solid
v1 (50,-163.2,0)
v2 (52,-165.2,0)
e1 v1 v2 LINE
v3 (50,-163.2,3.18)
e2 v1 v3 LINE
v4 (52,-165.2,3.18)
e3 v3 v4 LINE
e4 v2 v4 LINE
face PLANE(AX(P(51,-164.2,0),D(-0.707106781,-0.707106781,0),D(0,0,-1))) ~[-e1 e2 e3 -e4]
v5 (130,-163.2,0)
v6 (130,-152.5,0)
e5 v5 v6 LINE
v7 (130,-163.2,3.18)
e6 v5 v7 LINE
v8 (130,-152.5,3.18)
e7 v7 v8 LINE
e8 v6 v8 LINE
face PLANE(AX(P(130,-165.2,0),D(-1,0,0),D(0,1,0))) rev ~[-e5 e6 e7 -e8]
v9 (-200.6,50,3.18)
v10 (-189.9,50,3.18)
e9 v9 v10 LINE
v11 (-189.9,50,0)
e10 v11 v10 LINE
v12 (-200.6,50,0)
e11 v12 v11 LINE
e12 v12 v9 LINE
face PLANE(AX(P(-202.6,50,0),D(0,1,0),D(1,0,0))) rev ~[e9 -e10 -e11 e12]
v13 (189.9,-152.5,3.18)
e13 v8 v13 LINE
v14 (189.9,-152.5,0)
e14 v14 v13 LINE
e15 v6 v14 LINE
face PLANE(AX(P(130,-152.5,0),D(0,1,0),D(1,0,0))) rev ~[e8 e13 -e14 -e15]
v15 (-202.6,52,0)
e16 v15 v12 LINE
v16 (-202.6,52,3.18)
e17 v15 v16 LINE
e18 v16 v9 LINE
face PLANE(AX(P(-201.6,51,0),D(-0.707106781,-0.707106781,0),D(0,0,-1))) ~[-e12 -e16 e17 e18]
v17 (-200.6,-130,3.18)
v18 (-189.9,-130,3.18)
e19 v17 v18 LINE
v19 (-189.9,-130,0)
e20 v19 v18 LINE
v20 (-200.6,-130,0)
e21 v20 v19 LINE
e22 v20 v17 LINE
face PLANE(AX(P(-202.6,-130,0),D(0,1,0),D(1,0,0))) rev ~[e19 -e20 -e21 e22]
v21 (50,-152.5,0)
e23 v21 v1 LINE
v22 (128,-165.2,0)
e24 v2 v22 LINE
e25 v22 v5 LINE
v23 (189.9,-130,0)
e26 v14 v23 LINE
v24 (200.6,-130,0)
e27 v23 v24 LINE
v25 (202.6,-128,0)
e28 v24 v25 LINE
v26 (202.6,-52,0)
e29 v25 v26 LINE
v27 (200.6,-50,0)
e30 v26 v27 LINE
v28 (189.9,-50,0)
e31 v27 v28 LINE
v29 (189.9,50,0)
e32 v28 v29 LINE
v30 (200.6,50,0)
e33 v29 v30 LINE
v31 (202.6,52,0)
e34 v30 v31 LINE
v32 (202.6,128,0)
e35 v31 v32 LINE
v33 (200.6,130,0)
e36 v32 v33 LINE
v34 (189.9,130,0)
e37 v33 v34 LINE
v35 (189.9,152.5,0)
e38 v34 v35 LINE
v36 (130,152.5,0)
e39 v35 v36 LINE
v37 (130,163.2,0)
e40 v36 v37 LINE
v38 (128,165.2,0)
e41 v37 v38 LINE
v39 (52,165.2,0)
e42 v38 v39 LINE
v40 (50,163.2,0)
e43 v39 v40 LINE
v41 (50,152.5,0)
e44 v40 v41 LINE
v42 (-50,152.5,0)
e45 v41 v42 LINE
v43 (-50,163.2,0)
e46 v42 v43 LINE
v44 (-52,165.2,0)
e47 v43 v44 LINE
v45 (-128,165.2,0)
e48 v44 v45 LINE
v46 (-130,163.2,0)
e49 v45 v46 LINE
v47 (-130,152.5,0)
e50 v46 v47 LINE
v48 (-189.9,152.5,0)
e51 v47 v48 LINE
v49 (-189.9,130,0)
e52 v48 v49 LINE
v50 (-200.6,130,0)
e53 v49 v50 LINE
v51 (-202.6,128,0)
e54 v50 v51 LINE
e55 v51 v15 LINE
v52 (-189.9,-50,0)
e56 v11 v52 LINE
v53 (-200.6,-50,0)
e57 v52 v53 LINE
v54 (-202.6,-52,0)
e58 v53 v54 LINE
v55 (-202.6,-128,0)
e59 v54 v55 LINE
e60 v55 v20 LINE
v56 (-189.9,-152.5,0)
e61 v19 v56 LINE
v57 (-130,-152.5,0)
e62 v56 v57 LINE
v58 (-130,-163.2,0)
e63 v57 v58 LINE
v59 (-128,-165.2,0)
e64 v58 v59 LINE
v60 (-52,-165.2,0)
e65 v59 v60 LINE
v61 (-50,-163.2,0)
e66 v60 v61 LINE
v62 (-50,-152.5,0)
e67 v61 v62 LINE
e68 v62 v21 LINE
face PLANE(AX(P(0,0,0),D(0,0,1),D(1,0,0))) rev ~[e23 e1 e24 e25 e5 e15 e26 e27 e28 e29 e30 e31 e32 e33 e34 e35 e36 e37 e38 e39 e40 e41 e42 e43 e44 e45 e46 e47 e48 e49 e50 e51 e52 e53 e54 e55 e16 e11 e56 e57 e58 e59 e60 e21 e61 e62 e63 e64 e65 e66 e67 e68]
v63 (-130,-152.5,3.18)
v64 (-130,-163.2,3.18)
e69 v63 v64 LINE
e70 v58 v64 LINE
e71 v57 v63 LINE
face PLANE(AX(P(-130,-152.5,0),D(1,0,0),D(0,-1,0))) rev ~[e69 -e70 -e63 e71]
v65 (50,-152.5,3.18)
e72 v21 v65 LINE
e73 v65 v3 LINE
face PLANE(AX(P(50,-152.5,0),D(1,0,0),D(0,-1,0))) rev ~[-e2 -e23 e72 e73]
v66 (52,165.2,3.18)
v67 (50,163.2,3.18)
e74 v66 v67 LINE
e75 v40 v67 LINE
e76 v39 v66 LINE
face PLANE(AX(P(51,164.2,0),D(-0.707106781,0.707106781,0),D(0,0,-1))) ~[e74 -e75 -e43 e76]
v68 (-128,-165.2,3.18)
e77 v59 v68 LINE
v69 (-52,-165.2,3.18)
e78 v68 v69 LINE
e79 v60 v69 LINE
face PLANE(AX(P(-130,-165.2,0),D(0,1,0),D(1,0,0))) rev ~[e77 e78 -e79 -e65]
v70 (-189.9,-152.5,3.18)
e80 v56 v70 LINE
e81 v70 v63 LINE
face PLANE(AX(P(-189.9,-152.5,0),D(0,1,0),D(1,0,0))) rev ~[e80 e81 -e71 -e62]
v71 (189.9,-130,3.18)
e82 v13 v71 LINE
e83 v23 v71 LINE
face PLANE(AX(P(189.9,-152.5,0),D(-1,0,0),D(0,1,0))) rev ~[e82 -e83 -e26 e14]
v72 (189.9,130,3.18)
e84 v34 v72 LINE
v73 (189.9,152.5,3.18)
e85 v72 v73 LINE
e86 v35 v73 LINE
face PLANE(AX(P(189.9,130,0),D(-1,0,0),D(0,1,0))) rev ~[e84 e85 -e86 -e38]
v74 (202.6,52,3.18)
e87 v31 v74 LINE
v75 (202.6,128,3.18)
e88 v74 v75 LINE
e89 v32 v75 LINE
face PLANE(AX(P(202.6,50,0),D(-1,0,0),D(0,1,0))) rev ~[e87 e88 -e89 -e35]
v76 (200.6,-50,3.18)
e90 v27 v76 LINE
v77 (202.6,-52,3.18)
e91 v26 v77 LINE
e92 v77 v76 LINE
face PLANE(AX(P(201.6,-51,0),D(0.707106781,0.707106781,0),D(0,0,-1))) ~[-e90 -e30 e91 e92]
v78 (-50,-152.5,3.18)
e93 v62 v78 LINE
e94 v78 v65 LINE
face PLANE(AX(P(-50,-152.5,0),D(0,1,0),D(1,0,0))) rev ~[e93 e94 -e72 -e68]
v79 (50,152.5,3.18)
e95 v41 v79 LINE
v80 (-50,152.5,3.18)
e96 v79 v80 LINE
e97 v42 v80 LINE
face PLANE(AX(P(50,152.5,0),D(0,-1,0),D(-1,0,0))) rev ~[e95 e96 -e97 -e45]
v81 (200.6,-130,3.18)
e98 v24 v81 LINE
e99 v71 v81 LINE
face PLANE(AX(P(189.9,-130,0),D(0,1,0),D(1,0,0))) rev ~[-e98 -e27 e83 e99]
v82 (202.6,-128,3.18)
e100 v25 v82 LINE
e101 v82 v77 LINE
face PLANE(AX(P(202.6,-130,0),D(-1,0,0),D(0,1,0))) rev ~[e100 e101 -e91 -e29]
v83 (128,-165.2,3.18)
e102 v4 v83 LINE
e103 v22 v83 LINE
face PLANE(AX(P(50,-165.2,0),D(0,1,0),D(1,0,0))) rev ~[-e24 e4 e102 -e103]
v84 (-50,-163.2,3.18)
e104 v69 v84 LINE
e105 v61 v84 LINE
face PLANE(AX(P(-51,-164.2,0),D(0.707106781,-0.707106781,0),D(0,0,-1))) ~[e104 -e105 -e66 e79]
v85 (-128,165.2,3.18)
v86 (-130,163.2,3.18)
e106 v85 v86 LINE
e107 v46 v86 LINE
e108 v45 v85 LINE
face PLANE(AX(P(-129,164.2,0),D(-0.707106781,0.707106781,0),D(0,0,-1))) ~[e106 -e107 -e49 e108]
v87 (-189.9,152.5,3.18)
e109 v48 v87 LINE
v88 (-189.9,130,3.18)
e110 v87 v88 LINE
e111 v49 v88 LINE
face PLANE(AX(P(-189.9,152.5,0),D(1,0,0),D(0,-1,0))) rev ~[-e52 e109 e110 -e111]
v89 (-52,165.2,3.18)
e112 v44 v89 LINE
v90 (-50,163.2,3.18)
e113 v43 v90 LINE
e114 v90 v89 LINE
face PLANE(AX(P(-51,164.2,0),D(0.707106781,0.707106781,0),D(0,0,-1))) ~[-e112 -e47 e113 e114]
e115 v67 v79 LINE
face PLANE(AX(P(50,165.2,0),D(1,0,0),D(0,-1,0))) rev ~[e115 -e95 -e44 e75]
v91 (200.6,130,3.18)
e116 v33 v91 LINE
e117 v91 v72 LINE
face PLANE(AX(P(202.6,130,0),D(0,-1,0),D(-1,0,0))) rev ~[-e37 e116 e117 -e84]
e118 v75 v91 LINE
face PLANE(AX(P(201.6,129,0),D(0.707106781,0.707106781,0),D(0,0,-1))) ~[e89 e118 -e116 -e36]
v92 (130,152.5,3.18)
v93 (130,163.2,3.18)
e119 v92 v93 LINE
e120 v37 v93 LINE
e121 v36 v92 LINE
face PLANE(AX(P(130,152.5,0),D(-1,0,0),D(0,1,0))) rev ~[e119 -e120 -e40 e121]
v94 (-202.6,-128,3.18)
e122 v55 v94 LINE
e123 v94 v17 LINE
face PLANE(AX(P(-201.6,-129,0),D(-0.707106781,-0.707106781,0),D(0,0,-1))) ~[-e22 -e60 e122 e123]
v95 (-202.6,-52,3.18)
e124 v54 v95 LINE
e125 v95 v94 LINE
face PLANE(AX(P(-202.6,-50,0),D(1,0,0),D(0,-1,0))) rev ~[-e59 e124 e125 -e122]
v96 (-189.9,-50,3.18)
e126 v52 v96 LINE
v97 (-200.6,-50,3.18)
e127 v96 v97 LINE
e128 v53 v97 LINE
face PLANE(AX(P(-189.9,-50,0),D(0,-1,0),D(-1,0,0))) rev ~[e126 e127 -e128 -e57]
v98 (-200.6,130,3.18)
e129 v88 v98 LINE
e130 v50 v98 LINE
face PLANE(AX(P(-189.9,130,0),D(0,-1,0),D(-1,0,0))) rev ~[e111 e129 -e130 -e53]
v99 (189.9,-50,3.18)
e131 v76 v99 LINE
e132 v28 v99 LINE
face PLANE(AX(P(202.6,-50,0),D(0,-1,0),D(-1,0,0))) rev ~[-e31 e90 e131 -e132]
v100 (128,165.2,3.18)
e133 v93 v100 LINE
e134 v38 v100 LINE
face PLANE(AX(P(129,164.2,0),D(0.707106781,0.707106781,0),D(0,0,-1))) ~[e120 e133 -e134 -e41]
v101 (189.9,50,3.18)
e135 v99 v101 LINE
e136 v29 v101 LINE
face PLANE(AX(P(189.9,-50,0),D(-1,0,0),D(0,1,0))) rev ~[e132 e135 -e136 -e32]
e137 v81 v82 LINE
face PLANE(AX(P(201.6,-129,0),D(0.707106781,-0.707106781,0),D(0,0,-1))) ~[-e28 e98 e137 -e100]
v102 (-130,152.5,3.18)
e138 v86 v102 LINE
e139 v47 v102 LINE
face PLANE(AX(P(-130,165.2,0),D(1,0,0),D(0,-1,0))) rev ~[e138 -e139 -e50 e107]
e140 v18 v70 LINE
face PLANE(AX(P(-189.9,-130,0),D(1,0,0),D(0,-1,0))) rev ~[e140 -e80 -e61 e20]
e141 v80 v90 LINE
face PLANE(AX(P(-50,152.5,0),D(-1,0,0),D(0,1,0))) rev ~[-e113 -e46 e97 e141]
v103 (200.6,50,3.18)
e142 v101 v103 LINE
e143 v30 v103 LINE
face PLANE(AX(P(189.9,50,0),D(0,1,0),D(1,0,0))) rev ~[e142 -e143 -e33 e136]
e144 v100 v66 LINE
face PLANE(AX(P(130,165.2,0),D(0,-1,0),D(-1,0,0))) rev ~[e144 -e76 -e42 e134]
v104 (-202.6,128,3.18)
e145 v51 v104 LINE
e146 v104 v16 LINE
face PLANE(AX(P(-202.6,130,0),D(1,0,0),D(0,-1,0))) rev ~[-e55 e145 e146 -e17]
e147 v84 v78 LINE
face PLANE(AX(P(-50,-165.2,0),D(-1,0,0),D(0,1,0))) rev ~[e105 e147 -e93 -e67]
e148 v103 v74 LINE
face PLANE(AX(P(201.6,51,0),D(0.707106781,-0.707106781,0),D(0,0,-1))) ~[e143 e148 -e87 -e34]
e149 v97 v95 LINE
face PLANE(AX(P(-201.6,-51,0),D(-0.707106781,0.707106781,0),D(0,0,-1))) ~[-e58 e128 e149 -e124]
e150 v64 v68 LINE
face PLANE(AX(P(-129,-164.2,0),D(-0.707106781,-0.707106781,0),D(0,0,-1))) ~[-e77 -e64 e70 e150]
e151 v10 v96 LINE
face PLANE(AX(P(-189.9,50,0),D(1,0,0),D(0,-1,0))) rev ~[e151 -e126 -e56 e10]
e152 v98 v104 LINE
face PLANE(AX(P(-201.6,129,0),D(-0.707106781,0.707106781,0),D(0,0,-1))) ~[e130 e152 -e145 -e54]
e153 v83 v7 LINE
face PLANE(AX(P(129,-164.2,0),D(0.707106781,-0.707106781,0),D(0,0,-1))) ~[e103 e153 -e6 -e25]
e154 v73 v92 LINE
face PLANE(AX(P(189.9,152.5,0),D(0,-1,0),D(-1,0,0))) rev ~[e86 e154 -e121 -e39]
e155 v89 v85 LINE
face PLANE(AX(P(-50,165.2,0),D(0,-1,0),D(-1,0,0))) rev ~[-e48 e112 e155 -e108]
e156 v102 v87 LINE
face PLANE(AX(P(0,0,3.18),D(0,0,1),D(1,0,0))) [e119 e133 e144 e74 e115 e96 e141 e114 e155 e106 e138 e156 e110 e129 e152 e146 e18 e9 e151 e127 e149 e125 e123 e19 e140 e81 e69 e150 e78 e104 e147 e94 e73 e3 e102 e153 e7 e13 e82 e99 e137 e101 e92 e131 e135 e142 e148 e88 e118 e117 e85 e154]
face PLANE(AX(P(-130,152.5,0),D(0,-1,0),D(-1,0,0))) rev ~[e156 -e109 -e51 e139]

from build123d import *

# Parameters (mm, degrees)
F2_DEPTH = 3.18
F3_SIZE  = 2


with BuildPart() as f2:
    # F1 (on Top) → F2 (new body)
    with BuildSketch(Plane.XY):
        Polygon((-189.9, -130), (-189.9, -152.5), (-130, -152.5), (-130, -165.2), (-50, -165.2), (-50, -152.5), (50, -152.5), (50, -165.2), (130, -165.2), (130, -152.5), (189.9, -152.5), (189.9, -130), (202.6, -130), (202.6, -50), (189.9, -50), (189.9, 50), (202.6, 50), (202.6, 130), (189.9, 130), (189.9, 152.5), (130, 152.5), (130, 165.2), (50, 165.2), (50, 152.5), (-50, 152.5), (-50, 165.2), (-130, 165.2), (-130, 152.5), (-189.9, 152.5), (-189.9, 130), (-202.6, 130), (-202.6, 50), (-189.9, 50), (-189.9, -50), (-202.6, -50), (-202.6, -130), align=None)
    extrude(amount=F2_DEPTH)

    # F3
    f3_edges = [f2.edges().sort_by_distance(p)[0] for p in [
        (-202.6, 50, 1.59),
        (-202.6, -50, 1.59),
        (-202.6, -130, 1.59),
        (-130, -165.2, 1.59),
        (-50, -165.2, 1.59),
        (50, -165.2, 1.59),
        (130, -165.2, 1.59),
        (202.6, -130, 1.59),
        (202.6, -50, 1.59),
        (202.6, 50, 1.59),
        (202.6, 130, 1.59),
        (130, 165.2, 1.59),
        (50, 165.2, 1.59),
        (-50, 165.2, 1.59),
        (-130, 165.2, 1.59),
        (-202.6, 130, 1.59),
    ]]
    chamfer(f3_edges, length=F3_SIZE)


solid = f2.part
